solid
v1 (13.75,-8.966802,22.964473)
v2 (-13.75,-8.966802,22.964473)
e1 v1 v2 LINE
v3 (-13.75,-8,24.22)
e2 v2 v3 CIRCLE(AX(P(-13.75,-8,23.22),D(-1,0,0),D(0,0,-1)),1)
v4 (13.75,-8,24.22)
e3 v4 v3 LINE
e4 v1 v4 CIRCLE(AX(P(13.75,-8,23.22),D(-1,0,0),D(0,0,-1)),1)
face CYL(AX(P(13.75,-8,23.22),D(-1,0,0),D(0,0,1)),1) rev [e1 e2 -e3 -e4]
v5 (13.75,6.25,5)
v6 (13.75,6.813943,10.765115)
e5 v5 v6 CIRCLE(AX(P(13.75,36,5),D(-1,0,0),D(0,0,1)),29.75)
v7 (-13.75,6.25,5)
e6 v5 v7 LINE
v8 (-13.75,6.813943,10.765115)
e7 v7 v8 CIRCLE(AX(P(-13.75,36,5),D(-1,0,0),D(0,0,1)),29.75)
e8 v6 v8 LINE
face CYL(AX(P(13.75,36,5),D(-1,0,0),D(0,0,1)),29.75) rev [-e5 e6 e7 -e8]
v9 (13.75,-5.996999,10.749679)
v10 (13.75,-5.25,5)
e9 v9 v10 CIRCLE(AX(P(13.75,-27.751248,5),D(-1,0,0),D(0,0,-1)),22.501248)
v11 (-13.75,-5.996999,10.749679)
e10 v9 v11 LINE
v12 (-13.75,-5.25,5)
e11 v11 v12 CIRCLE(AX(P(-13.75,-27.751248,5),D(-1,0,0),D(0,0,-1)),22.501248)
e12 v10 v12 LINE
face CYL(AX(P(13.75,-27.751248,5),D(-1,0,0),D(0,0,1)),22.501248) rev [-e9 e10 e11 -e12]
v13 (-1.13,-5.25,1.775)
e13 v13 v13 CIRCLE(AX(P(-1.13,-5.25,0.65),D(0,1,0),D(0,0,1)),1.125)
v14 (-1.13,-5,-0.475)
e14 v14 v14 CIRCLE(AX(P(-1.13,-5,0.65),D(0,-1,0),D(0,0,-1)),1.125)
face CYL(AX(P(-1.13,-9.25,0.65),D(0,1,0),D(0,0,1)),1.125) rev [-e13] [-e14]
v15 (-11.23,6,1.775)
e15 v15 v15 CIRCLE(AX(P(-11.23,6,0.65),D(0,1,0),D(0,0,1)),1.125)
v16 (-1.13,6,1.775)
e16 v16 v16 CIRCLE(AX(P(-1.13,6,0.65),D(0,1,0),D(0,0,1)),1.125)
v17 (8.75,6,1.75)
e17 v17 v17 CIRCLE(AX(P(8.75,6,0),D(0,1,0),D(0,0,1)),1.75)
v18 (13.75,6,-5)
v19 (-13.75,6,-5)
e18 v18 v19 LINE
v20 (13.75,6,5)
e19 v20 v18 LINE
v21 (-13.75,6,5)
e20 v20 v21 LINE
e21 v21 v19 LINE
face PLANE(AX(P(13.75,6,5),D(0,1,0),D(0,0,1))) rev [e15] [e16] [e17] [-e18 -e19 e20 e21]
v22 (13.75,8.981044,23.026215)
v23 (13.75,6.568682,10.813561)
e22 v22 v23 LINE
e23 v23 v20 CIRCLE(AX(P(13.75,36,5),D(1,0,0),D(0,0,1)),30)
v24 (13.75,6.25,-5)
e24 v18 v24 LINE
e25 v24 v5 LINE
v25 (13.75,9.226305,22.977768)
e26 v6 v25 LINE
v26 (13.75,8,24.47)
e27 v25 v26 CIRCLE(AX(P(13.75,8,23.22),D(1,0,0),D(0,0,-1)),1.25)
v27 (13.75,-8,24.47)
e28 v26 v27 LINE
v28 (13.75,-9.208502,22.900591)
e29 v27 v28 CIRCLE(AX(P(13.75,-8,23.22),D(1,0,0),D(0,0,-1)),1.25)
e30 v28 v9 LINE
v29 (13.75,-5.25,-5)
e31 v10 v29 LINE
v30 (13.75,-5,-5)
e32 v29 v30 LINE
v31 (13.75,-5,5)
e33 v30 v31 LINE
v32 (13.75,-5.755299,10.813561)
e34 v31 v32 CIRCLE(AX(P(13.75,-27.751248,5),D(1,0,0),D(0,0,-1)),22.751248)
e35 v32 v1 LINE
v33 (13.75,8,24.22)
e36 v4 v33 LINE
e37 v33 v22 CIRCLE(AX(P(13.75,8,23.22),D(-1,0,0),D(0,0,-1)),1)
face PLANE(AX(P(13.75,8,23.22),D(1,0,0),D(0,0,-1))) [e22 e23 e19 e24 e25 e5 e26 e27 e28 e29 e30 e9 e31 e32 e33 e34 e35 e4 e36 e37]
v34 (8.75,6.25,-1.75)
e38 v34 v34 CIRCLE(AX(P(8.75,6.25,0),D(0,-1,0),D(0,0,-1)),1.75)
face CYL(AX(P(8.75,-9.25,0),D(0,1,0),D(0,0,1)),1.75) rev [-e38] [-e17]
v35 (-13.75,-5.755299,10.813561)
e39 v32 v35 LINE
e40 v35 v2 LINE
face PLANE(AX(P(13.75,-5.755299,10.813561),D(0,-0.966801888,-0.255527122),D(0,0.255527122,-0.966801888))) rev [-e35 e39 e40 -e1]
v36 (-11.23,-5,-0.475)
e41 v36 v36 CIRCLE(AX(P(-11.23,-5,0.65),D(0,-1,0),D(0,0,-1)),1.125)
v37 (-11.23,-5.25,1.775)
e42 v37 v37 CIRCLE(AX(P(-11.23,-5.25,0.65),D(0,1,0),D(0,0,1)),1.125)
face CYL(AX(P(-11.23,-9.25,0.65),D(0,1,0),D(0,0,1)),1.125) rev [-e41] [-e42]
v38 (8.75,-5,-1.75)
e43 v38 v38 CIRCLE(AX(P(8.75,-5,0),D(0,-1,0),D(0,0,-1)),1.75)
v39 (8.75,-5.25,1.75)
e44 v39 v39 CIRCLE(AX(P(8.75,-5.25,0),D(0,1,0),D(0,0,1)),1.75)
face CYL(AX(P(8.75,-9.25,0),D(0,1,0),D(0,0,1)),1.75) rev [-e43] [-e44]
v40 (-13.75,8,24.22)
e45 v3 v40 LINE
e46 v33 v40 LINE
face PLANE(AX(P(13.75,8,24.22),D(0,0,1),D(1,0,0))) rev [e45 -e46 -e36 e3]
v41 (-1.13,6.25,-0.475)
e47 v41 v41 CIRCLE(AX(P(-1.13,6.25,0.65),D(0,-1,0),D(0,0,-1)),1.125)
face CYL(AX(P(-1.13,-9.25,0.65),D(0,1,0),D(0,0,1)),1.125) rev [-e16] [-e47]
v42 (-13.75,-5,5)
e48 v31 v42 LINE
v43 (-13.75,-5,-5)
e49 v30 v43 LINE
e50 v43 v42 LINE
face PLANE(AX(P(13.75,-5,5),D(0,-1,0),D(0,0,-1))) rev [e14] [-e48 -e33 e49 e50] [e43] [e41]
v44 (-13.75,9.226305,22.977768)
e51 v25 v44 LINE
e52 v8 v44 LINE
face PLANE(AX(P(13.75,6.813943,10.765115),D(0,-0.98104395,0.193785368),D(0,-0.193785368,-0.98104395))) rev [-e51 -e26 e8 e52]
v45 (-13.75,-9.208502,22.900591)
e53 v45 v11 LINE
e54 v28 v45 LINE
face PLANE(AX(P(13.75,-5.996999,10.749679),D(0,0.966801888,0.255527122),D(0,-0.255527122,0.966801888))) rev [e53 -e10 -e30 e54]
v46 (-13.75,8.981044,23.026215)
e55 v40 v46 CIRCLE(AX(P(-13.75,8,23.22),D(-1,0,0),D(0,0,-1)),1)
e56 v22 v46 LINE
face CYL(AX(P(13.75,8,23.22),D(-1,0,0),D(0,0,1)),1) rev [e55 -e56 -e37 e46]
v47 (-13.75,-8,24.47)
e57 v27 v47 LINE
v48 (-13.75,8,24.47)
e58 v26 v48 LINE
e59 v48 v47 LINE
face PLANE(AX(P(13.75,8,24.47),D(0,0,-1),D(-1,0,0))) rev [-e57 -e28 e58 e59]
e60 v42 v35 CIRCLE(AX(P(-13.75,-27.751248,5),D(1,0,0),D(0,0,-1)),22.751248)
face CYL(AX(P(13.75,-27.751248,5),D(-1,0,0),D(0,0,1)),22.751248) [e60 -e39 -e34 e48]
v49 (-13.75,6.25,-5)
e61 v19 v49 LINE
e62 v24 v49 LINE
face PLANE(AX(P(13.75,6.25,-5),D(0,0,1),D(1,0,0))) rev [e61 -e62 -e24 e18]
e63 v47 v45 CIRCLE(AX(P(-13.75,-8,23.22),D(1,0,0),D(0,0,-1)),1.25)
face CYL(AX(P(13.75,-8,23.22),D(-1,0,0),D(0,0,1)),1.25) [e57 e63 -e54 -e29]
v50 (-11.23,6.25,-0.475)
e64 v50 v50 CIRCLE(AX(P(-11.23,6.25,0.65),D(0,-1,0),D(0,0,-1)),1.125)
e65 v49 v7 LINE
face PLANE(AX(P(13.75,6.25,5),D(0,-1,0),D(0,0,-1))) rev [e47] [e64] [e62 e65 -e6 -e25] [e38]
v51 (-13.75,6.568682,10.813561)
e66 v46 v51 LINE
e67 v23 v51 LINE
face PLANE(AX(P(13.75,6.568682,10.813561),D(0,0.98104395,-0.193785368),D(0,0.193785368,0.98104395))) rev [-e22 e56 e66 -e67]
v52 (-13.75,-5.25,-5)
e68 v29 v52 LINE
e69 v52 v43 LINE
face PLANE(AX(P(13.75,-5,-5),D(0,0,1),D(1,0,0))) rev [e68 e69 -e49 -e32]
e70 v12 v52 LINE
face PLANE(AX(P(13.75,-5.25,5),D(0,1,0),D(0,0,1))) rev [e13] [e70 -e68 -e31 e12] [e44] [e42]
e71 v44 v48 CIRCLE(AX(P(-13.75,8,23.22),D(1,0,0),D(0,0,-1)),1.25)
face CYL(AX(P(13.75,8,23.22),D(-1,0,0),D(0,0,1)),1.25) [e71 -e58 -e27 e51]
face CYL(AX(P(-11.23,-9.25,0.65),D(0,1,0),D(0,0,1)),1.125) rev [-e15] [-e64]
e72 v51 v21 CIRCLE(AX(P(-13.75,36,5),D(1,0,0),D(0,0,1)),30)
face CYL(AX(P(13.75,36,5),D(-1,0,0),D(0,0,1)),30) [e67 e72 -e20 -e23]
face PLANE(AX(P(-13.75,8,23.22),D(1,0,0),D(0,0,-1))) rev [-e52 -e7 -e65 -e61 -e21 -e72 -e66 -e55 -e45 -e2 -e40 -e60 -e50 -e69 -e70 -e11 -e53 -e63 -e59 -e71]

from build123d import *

# Parameters (mm, degrees)
EXTRUDE1_DEPTH          = 13.75
SKETCH2_R               = 1.75
SKETCH2_R_2             = 1.125
CUT_EXTRUDE1_DEPTH      = 10.25
CUT_EXTRUDE1_DEPTH_BACK = 10.25


with BuildPart() as part:
    # Sketch1 → Extrude1 (new body, symmetric)
    with BuildSketch(Plane(origin=(0, 0, 0), x_dir=(0, 0, -1), z_dir=(1, 0, 0))):
        with BuildLine():
            Line((-24.22, 8), (-24.22, -8))
            ThreePointArc((-24.22, -8), (-23.830111825, -8.792315317), (-22.964472878, -8.966801888))
            Line((-22.964472878, -8.966801888), (-10.813561051, -5.755298505))
            ThreePointArc((-10.813561051, -5.755298505), (-7.931209986, -5.189614776), (-5, -5))
            Line((-5, -5), (5, -5))
            Line((5, -5), (5, -5.25))
            Line((5, -5.25), (-5, -5.25))
            ThreePointArc((-5, -5.25), (-7.899000655, -5.437531211), (-10.749679271, -5.996998977))
            Line((-10.749679271, -5.996998977), (-22.900591097, -9.208502359))
            ThreePointArc((-22.900591097, -9.208502359), (-23.982639781, -8.990394146), (-24.47, -8))
            Line((-24.47, -8), (-24.47, 8))
            ThreePointArc((-24.47, 8), (-24.013634161, 8.965735377), (-22.97776829, 9.226304937))
            Line((-22.97776829, 9.226304937), (-10.765114709, 6.8139425))
            ThreePointArc((-10.765114709, 6.8139425), (-7.896315709, 6.391321284), (-5, 6.25))
            Line((-5, 6.25), (5, 6.25))
            Line((5, 6.25), (5, 6))
            Line((5, 6), (-5, 6))
            ThreePointArc((-5, 6), (-7.920654497, 6.142508858), (-10.813561051, 6.568681513))
            Line((-10.813561051, 6.568681513), (-23.026214632, 8.98104395))
            ThreePointArc((-23.026214632, 8.98104395), (-23.854907329, 8.772588302), (-24.22, 8))
        make_face()
    extrude(amount=EXTRUDE1_DEPTH, both=True)

    # Sketch2 → Cut-Extrude1 (cut, two sides)
    with BuildSketch(Plane(origin=(0, 0, 0), x_dir=(1, 0, 0), z_dir=(0, 1, 0))) as cut_extrude1_sk:
        with Locations(Location((8.75, 0, 0), (0, 0, 270))):  # turned: the seam where the file's is
            Circle(SKETCH2_R)
        with Locations(Location((-1.13, -0.65, 0), (0, 0, 270))):  # turned: the seam where the file's is
            Circle(SKETCH2_R_2)
        with Locations(Location((-11.23, -0.65, 0), (0, 0, 270))):  # turned: the seam where the file's is
            Circle(SKETCH2_R_2)
    extrude(amount=CUT_EXTRUDE1_DEPTH, mode=Mode.SUBTRACT)
    extrude(cut_extrude1_sk.sketch, amount=-CUT_EXTRUDE1_DEPTH_BACK, mode=Mode.SUBTRACT)


solid = part.part
